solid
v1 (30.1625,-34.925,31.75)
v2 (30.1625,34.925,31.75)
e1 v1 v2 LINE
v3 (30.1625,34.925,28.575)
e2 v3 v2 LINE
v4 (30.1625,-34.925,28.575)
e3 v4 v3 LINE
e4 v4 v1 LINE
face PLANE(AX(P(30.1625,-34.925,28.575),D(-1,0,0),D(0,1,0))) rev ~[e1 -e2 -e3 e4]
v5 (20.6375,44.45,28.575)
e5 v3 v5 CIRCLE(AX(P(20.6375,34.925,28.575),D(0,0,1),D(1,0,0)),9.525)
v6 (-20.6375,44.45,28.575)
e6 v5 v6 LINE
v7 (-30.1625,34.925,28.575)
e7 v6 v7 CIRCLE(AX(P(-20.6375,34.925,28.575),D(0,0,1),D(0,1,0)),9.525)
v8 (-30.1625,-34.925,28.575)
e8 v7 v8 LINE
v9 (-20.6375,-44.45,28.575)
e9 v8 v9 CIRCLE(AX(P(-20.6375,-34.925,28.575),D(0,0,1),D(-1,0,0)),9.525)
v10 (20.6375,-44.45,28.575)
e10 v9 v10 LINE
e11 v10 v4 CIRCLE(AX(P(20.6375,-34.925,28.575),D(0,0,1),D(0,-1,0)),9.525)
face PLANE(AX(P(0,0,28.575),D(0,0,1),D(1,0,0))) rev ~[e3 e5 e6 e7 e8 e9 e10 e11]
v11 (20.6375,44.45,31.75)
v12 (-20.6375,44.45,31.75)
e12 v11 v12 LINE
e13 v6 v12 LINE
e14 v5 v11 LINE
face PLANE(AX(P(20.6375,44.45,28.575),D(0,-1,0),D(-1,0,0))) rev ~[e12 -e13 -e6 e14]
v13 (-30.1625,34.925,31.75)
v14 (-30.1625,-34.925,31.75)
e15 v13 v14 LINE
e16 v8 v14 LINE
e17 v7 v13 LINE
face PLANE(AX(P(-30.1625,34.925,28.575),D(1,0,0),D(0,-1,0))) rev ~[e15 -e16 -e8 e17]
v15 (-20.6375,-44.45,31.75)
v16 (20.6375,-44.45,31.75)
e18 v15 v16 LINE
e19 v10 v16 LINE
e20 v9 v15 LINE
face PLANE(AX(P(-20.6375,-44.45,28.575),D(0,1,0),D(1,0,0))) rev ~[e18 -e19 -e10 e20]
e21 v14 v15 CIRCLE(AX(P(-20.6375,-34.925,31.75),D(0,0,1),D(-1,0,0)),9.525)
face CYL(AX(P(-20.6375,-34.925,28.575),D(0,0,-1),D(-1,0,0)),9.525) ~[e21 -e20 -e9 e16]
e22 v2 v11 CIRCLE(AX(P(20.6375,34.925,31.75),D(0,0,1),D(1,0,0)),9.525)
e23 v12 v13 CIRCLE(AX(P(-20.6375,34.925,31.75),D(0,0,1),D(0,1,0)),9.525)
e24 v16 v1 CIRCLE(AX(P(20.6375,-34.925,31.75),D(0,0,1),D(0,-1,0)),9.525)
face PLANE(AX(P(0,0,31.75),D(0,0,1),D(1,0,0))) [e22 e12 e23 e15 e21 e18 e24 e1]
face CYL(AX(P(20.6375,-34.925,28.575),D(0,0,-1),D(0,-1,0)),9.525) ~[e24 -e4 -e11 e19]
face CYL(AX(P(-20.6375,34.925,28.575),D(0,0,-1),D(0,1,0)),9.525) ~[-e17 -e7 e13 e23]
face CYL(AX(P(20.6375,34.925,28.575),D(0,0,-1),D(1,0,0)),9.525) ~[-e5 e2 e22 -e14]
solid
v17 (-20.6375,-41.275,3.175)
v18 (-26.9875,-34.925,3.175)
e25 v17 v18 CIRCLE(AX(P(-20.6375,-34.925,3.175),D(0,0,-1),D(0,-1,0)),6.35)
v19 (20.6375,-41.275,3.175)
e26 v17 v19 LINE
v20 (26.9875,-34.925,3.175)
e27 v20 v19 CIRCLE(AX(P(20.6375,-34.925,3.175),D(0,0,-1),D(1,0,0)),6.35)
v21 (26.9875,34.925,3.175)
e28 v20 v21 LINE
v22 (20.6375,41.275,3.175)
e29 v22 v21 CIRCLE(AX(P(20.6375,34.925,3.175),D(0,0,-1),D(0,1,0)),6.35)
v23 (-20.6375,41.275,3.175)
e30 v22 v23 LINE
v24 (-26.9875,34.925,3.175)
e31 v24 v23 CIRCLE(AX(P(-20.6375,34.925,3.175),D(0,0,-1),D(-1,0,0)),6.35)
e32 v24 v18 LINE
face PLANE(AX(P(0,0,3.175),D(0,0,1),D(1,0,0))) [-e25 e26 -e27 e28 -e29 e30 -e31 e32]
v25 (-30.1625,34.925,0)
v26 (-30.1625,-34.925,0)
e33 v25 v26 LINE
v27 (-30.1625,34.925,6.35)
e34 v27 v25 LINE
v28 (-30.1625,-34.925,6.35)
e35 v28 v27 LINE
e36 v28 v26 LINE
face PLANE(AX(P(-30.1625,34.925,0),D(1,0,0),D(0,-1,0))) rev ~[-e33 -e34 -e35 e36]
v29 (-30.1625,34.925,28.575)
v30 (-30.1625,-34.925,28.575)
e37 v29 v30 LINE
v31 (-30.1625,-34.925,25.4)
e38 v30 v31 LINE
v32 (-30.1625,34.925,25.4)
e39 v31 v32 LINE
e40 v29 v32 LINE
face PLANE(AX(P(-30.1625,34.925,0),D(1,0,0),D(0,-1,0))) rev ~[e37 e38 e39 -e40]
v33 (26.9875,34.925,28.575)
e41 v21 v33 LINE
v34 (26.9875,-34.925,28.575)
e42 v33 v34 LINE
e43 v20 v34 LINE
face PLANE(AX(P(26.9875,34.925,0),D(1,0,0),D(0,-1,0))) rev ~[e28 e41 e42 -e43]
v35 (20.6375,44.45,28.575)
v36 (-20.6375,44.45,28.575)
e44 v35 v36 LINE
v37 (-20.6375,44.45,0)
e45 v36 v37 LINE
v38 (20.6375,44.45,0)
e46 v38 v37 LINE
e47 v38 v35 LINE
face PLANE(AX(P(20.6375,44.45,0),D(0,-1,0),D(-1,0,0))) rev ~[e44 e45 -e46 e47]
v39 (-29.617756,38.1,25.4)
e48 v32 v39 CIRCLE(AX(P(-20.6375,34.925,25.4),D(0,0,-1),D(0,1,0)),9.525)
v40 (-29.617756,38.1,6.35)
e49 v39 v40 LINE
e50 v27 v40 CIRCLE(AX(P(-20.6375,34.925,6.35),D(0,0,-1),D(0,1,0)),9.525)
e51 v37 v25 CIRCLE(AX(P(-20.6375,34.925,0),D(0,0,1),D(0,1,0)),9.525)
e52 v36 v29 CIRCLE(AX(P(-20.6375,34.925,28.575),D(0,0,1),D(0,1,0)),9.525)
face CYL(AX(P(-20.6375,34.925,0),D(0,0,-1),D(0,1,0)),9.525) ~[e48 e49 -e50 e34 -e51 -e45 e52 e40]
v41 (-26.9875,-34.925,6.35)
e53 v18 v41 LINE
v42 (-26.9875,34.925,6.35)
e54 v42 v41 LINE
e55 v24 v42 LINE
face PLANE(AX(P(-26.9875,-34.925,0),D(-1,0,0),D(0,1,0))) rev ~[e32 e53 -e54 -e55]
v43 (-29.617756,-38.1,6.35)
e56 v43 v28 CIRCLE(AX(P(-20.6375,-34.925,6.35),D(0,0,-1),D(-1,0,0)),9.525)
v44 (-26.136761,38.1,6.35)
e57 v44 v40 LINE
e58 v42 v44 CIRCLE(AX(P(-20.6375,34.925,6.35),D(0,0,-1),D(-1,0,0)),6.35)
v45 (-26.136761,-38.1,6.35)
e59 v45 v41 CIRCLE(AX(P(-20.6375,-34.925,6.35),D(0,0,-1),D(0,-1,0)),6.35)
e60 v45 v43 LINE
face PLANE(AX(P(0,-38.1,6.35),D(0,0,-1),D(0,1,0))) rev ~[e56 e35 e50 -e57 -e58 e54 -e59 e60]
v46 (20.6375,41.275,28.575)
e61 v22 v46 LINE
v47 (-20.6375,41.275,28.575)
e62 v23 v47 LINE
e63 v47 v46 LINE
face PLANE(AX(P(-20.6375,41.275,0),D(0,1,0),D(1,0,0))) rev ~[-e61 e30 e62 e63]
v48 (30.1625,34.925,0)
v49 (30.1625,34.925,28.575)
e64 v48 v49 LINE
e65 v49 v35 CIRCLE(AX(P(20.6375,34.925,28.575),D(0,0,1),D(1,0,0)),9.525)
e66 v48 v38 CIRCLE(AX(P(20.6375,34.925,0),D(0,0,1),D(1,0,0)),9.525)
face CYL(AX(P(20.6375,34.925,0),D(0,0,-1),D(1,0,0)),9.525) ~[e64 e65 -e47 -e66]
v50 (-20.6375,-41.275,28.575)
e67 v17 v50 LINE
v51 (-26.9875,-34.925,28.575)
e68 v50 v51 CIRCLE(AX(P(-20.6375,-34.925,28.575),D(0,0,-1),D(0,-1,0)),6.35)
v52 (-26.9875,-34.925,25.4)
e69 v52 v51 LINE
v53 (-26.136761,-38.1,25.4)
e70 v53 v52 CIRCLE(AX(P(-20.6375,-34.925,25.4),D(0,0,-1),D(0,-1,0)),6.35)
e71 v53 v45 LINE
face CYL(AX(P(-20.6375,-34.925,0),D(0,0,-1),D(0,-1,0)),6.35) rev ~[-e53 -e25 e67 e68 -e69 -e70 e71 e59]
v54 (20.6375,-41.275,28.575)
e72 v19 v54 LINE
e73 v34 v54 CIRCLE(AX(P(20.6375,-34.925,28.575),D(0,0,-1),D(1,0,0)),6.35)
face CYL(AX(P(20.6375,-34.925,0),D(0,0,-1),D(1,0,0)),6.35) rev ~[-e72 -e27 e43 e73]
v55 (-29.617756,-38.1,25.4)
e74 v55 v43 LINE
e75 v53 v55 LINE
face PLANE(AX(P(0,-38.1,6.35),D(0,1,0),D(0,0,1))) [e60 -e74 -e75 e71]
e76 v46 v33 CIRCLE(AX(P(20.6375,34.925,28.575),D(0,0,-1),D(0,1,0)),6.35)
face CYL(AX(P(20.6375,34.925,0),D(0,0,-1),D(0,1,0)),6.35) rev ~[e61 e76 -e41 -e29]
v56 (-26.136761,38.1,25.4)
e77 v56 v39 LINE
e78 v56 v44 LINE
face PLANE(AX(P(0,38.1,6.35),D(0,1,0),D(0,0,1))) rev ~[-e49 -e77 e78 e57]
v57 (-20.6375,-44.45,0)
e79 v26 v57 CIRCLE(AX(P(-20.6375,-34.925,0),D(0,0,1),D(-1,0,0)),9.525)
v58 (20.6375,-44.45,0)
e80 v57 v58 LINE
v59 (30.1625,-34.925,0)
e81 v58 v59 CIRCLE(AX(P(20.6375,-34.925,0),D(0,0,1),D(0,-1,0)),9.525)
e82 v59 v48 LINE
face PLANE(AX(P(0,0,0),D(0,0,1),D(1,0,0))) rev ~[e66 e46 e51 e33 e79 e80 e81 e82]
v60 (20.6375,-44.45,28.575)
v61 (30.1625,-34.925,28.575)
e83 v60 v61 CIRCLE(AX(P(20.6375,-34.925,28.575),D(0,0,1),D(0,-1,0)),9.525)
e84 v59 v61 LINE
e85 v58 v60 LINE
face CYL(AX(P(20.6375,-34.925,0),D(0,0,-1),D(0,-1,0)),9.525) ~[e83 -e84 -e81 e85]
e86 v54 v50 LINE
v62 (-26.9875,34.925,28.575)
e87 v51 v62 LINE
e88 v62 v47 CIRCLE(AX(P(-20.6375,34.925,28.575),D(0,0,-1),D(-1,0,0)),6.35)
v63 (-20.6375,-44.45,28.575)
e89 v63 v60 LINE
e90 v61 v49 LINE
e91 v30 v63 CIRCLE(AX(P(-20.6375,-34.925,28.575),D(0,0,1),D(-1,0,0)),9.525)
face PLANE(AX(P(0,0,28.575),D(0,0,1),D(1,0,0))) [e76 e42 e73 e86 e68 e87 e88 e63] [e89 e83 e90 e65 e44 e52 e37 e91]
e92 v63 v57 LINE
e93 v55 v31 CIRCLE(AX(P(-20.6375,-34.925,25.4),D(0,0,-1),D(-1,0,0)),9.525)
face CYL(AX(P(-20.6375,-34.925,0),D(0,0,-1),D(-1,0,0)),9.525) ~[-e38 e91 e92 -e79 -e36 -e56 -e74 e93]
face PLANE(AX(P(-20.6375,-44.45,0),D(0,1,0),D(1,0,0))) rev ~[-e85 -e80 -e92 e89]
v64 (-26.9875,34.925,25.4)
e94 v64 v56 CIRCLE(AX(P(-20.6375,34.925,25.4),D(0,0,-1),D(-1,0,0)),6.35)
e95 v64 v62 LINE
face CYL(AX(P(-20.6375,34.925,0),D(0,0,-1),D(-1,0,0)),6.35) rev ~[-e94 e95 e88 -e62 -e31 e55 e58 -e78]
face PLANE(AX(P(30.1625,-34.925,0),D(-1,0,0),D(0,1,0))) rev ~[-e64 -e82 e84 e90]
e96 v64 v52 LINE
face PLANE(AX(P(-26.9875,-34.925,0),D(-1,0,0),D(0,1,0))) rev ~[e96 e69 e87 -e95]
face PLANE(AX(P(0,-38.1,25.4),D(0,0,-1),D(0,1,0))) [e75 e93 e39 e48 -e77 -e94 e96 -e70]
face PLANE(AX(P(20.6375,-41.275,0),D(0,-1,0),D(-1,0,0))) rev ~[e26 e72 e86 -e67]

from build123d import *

# Parameters (mm, degrees)
F1_DEPTH = 3.175
F2_DEPTH = 28.575
F3_START = 28.575
F3_DEPTH = 3.175
F4_W     = 76.2
F4_H     = 19.05
F5_DEPTH = 50.8


with BuildPart() as f1:
    # F0 (on Top) → F1 (new body)
    with BuildSketch(Plane.XY):
        with BuildLine():
            Line((-20.6375, -44.45), (20.6375, -44.45))
            ThreePointArc((20.6375, -44.45), (27.3726920908, -41.6601920908), (30.1625, -34.925))
            Line((30.1625, -34.925), (30.1625, 34.925))
            ThreePointArc((30.1625, 34.925), (27.3726920908, 41.6601920908), (20.6375, 44.45))
            Line((20.6375, 44.45), (-20.6375, 44.45))
            ThreePointArc((-20.6375, 44.45), (-27.3726920908, 41.6601920908), (-30.1625, 34.925))
            Line((-30.1625, 34.925), (-30.1625, -34.925))
            ThreePointArc((-30.1625, -34.925), (-27.3726920908, -41.6601920908), (-20.6375, -44.45))
        make_face()
        with BuildLine():
            ThreePointArc((26.9875, -34.925), (25.1276280605, -39.4151280605), (20.6375, -41.275))
            Line((20.6375, -41.275), (-20.6375, -41.275))
            ThreePointArc((-20.6375, -41.275), (-25.1276280605, -39.4151280605), (-26.9875, -34.925))
            Line((-26.9875, -34.925), (-26.9875, 34.925))
            ThreePointArc((-26.9875, 34.925), (-25.1276280605, 39.4151280605), (-20.6375, 41.275))
            Line((-20.6375, 41.275), (20.6375, 41.275))
            ThreePointArc((20.6375, 41.275), (25.1276280605, 39.4151280605), (26.9875, 34.925))
            Line((26.9875, 34.925), (26.9875, -34.925))
        make_face(mode=Mode.SUBTRACT)
        with BuildLine():
            Line((-20.6375, -41.275), (20.6375, -41.275))
            ThreePointArc((20.6375, -41.275), (25.1276280605, -39.4151280605), (26.9875, -34.925))
            Line((26.9875, -34.925), (26.9875, 34.925))
            ThreePointArc((26.9875, 34.925), (25.1276280605, 39.4151280605), (20.6375, 41.275))
            Line((20.6375, 41.275), (-20.6375, 41.275))
            ThreePointArc((-20.6375, 41.275), (-25.1276280605, 39.4151280605), (-26.9875, 34.925))
            Line((-26.9875, 34.925), (-26.9875, -34.925))
            ThreePointArc((-26.9875, -34.925), (-25.1276280605, -39.4151280605), (-20.6375, -41.275))
        make_face()
    extrude(amount=F1_DEPTH)

    # F0 (on Top) → F2 (join)
    with BuildSketch(Plane.XY):
        with BuildLine():
            Line((-20.6375, -44.45), (20.6375, -44.45))
            ThreePointArc((20.6375, -44.45), (27.3726920908, -41.6601920908), (30.1625, -34.925))
            Line((30.1625, -34.925), (30.1625, 34.925))
            ThreePointArc((30.1625, 34.925), (27.3726920908, 41.6601920908), (20.6375, 44.45))
            Line((20.6375, 44.45), (-20.6375, 44.45))
            ThreePointArc((-20.6375, 44.45), (-27.3726920908, 41.6601920908), (-30.1625, 34.925))
            Line((-30.1625, 34.925), (-30.1625, -34.925))
            ThreePointArc((-30.1625, -34.925), (-27.3726920908, -41.6601920908), (-20.6375, -44.45))
        make_face()
        with BuildLine():
            ThreePointArc((26.9875, -34.925), (25.1276280605, -39.4151280605), (20.6375, -41.275))
            Line((20.6375, -41.275), (-20.6375, -41.275))
            ThreePointArc((-20.6375, -41.275), (-25.1276280605, -39.4151280605), (-26.9875, -34.925))
            Line((-26.9875, -34.925), (-26.9875, 34.925))
            ThreePointArc((-26.9875, 34.925), (-25.1276280605, 39.4151280605), (-20.6375, 41.275))
            Line((-20.6375, 41.275), (20.6375, 41.275))
            ThreePointArc((20.6375, 41.275), (25.1276280605, 39.4151280605), (26.9875, 34.925))
            Line((26.9875, 34.925), (26.9875, -34.925))
        make_face(mode=Mode.SUBTRACT)
    extrude(amount=F2_DEPTH)

    # F4 (on Right) → F5 (cut)
    with BuildSketch(Plane.YZ):
        with Locations((0, 15.875)):
            Rectangle(F4_W, F4_H)
    extrude(amount=-F5_DEPTH, mode=Mode.SUBTRACT)


with BuildPart() as f3:
    # F0 (on Top) → F3 (new body)
    with BuildSketch(Plane.XY.offset(F3_START)):
        with BuildLine():
            Line((-20.6375, -44.45), (20.6375, -44.45))
            ThreePointArc((20.6375, -44.45), (27.3726920908, -41.6601920908), (30.1625, -34.925))
            Line((30.1625, -34.925), (30.1625, 34.925))
            ThreePointArc((30.1625, 34.925), (27.3726920908, 41.6601920908), (20.6375, 44.45))
            Line((20.6375, 44.45), (-20.6375, 44.45))
            ThreePointArc((-20.6375, 44.45), (-27.3726920908, 41.6601920908), (-30.1625, 34.925))
            Line((-30.1625, 34.925), (-30.1625, -34.925))
            ThreePointArc((-30.1625, -34.925), (-27.3726920908, -41.6601920908), (-20.6375, -44.45))
        make_face()
        with BuildLine():
            ThreePointArc((26.9875, -34.925), (25.1276280605, -39.4151280605), (20.6375, -41.275))
            Line((20.6375, -41.275), (-20.6375, -41.275))
            ThreePointArc((-20.6375, -41.275), (-25.1276280605, -39.4151280605), (-26.9875, -34.925))
            Line((-26.9875, -34.925), (-26.9875, 34.925))
            ThreePointArc((-26.9875, 34.925), (-25.1276280605, 39.4151280605), (-20.6375, 41.275))
            Line((-20.6375, 41.275), (20.6375, 41.275))
            ThreePointArc((20.6375, 41.275), (25.1276280605, 39.4151280605), (26.9875, 34.925))
            Line((26.9875, 34.925), (26.9875, -34.925))
        make_face(mode=Mode.SUBTRACT)
        with BuildLine():
            Line((-20.6375, -41.275), (20.6375, -41.275))
            ThreePointArc((20.6375, -41.275), (25.1276280605, -39.4151280605), (26.9875, -34.925))
            Line((26.9875, -34.925), (26.9875, 34.925))
            ThreePointArc((26.9875, 34.925), (25.1276280605, 39.4151280605), (20.6375, 41.275))
            Line((20.6375, 41.275), (-20.6375, 41.275))
            ThreePointArc((-20.6375, 41.275), (-25.1276280605, 39.4151280605), (-26.9875, 34.925))
            Line((-26.9875, 34.925), (-26.9875, -34.925))
            ThreePointArc((-26.9875, -34.925), (-25.1276280605, -39.4151280605), (-20.6375, -41.275))
        make_face()
    extrude(amount=F3_DEPTH)


solid = Compound([f1.part, f3.part])
